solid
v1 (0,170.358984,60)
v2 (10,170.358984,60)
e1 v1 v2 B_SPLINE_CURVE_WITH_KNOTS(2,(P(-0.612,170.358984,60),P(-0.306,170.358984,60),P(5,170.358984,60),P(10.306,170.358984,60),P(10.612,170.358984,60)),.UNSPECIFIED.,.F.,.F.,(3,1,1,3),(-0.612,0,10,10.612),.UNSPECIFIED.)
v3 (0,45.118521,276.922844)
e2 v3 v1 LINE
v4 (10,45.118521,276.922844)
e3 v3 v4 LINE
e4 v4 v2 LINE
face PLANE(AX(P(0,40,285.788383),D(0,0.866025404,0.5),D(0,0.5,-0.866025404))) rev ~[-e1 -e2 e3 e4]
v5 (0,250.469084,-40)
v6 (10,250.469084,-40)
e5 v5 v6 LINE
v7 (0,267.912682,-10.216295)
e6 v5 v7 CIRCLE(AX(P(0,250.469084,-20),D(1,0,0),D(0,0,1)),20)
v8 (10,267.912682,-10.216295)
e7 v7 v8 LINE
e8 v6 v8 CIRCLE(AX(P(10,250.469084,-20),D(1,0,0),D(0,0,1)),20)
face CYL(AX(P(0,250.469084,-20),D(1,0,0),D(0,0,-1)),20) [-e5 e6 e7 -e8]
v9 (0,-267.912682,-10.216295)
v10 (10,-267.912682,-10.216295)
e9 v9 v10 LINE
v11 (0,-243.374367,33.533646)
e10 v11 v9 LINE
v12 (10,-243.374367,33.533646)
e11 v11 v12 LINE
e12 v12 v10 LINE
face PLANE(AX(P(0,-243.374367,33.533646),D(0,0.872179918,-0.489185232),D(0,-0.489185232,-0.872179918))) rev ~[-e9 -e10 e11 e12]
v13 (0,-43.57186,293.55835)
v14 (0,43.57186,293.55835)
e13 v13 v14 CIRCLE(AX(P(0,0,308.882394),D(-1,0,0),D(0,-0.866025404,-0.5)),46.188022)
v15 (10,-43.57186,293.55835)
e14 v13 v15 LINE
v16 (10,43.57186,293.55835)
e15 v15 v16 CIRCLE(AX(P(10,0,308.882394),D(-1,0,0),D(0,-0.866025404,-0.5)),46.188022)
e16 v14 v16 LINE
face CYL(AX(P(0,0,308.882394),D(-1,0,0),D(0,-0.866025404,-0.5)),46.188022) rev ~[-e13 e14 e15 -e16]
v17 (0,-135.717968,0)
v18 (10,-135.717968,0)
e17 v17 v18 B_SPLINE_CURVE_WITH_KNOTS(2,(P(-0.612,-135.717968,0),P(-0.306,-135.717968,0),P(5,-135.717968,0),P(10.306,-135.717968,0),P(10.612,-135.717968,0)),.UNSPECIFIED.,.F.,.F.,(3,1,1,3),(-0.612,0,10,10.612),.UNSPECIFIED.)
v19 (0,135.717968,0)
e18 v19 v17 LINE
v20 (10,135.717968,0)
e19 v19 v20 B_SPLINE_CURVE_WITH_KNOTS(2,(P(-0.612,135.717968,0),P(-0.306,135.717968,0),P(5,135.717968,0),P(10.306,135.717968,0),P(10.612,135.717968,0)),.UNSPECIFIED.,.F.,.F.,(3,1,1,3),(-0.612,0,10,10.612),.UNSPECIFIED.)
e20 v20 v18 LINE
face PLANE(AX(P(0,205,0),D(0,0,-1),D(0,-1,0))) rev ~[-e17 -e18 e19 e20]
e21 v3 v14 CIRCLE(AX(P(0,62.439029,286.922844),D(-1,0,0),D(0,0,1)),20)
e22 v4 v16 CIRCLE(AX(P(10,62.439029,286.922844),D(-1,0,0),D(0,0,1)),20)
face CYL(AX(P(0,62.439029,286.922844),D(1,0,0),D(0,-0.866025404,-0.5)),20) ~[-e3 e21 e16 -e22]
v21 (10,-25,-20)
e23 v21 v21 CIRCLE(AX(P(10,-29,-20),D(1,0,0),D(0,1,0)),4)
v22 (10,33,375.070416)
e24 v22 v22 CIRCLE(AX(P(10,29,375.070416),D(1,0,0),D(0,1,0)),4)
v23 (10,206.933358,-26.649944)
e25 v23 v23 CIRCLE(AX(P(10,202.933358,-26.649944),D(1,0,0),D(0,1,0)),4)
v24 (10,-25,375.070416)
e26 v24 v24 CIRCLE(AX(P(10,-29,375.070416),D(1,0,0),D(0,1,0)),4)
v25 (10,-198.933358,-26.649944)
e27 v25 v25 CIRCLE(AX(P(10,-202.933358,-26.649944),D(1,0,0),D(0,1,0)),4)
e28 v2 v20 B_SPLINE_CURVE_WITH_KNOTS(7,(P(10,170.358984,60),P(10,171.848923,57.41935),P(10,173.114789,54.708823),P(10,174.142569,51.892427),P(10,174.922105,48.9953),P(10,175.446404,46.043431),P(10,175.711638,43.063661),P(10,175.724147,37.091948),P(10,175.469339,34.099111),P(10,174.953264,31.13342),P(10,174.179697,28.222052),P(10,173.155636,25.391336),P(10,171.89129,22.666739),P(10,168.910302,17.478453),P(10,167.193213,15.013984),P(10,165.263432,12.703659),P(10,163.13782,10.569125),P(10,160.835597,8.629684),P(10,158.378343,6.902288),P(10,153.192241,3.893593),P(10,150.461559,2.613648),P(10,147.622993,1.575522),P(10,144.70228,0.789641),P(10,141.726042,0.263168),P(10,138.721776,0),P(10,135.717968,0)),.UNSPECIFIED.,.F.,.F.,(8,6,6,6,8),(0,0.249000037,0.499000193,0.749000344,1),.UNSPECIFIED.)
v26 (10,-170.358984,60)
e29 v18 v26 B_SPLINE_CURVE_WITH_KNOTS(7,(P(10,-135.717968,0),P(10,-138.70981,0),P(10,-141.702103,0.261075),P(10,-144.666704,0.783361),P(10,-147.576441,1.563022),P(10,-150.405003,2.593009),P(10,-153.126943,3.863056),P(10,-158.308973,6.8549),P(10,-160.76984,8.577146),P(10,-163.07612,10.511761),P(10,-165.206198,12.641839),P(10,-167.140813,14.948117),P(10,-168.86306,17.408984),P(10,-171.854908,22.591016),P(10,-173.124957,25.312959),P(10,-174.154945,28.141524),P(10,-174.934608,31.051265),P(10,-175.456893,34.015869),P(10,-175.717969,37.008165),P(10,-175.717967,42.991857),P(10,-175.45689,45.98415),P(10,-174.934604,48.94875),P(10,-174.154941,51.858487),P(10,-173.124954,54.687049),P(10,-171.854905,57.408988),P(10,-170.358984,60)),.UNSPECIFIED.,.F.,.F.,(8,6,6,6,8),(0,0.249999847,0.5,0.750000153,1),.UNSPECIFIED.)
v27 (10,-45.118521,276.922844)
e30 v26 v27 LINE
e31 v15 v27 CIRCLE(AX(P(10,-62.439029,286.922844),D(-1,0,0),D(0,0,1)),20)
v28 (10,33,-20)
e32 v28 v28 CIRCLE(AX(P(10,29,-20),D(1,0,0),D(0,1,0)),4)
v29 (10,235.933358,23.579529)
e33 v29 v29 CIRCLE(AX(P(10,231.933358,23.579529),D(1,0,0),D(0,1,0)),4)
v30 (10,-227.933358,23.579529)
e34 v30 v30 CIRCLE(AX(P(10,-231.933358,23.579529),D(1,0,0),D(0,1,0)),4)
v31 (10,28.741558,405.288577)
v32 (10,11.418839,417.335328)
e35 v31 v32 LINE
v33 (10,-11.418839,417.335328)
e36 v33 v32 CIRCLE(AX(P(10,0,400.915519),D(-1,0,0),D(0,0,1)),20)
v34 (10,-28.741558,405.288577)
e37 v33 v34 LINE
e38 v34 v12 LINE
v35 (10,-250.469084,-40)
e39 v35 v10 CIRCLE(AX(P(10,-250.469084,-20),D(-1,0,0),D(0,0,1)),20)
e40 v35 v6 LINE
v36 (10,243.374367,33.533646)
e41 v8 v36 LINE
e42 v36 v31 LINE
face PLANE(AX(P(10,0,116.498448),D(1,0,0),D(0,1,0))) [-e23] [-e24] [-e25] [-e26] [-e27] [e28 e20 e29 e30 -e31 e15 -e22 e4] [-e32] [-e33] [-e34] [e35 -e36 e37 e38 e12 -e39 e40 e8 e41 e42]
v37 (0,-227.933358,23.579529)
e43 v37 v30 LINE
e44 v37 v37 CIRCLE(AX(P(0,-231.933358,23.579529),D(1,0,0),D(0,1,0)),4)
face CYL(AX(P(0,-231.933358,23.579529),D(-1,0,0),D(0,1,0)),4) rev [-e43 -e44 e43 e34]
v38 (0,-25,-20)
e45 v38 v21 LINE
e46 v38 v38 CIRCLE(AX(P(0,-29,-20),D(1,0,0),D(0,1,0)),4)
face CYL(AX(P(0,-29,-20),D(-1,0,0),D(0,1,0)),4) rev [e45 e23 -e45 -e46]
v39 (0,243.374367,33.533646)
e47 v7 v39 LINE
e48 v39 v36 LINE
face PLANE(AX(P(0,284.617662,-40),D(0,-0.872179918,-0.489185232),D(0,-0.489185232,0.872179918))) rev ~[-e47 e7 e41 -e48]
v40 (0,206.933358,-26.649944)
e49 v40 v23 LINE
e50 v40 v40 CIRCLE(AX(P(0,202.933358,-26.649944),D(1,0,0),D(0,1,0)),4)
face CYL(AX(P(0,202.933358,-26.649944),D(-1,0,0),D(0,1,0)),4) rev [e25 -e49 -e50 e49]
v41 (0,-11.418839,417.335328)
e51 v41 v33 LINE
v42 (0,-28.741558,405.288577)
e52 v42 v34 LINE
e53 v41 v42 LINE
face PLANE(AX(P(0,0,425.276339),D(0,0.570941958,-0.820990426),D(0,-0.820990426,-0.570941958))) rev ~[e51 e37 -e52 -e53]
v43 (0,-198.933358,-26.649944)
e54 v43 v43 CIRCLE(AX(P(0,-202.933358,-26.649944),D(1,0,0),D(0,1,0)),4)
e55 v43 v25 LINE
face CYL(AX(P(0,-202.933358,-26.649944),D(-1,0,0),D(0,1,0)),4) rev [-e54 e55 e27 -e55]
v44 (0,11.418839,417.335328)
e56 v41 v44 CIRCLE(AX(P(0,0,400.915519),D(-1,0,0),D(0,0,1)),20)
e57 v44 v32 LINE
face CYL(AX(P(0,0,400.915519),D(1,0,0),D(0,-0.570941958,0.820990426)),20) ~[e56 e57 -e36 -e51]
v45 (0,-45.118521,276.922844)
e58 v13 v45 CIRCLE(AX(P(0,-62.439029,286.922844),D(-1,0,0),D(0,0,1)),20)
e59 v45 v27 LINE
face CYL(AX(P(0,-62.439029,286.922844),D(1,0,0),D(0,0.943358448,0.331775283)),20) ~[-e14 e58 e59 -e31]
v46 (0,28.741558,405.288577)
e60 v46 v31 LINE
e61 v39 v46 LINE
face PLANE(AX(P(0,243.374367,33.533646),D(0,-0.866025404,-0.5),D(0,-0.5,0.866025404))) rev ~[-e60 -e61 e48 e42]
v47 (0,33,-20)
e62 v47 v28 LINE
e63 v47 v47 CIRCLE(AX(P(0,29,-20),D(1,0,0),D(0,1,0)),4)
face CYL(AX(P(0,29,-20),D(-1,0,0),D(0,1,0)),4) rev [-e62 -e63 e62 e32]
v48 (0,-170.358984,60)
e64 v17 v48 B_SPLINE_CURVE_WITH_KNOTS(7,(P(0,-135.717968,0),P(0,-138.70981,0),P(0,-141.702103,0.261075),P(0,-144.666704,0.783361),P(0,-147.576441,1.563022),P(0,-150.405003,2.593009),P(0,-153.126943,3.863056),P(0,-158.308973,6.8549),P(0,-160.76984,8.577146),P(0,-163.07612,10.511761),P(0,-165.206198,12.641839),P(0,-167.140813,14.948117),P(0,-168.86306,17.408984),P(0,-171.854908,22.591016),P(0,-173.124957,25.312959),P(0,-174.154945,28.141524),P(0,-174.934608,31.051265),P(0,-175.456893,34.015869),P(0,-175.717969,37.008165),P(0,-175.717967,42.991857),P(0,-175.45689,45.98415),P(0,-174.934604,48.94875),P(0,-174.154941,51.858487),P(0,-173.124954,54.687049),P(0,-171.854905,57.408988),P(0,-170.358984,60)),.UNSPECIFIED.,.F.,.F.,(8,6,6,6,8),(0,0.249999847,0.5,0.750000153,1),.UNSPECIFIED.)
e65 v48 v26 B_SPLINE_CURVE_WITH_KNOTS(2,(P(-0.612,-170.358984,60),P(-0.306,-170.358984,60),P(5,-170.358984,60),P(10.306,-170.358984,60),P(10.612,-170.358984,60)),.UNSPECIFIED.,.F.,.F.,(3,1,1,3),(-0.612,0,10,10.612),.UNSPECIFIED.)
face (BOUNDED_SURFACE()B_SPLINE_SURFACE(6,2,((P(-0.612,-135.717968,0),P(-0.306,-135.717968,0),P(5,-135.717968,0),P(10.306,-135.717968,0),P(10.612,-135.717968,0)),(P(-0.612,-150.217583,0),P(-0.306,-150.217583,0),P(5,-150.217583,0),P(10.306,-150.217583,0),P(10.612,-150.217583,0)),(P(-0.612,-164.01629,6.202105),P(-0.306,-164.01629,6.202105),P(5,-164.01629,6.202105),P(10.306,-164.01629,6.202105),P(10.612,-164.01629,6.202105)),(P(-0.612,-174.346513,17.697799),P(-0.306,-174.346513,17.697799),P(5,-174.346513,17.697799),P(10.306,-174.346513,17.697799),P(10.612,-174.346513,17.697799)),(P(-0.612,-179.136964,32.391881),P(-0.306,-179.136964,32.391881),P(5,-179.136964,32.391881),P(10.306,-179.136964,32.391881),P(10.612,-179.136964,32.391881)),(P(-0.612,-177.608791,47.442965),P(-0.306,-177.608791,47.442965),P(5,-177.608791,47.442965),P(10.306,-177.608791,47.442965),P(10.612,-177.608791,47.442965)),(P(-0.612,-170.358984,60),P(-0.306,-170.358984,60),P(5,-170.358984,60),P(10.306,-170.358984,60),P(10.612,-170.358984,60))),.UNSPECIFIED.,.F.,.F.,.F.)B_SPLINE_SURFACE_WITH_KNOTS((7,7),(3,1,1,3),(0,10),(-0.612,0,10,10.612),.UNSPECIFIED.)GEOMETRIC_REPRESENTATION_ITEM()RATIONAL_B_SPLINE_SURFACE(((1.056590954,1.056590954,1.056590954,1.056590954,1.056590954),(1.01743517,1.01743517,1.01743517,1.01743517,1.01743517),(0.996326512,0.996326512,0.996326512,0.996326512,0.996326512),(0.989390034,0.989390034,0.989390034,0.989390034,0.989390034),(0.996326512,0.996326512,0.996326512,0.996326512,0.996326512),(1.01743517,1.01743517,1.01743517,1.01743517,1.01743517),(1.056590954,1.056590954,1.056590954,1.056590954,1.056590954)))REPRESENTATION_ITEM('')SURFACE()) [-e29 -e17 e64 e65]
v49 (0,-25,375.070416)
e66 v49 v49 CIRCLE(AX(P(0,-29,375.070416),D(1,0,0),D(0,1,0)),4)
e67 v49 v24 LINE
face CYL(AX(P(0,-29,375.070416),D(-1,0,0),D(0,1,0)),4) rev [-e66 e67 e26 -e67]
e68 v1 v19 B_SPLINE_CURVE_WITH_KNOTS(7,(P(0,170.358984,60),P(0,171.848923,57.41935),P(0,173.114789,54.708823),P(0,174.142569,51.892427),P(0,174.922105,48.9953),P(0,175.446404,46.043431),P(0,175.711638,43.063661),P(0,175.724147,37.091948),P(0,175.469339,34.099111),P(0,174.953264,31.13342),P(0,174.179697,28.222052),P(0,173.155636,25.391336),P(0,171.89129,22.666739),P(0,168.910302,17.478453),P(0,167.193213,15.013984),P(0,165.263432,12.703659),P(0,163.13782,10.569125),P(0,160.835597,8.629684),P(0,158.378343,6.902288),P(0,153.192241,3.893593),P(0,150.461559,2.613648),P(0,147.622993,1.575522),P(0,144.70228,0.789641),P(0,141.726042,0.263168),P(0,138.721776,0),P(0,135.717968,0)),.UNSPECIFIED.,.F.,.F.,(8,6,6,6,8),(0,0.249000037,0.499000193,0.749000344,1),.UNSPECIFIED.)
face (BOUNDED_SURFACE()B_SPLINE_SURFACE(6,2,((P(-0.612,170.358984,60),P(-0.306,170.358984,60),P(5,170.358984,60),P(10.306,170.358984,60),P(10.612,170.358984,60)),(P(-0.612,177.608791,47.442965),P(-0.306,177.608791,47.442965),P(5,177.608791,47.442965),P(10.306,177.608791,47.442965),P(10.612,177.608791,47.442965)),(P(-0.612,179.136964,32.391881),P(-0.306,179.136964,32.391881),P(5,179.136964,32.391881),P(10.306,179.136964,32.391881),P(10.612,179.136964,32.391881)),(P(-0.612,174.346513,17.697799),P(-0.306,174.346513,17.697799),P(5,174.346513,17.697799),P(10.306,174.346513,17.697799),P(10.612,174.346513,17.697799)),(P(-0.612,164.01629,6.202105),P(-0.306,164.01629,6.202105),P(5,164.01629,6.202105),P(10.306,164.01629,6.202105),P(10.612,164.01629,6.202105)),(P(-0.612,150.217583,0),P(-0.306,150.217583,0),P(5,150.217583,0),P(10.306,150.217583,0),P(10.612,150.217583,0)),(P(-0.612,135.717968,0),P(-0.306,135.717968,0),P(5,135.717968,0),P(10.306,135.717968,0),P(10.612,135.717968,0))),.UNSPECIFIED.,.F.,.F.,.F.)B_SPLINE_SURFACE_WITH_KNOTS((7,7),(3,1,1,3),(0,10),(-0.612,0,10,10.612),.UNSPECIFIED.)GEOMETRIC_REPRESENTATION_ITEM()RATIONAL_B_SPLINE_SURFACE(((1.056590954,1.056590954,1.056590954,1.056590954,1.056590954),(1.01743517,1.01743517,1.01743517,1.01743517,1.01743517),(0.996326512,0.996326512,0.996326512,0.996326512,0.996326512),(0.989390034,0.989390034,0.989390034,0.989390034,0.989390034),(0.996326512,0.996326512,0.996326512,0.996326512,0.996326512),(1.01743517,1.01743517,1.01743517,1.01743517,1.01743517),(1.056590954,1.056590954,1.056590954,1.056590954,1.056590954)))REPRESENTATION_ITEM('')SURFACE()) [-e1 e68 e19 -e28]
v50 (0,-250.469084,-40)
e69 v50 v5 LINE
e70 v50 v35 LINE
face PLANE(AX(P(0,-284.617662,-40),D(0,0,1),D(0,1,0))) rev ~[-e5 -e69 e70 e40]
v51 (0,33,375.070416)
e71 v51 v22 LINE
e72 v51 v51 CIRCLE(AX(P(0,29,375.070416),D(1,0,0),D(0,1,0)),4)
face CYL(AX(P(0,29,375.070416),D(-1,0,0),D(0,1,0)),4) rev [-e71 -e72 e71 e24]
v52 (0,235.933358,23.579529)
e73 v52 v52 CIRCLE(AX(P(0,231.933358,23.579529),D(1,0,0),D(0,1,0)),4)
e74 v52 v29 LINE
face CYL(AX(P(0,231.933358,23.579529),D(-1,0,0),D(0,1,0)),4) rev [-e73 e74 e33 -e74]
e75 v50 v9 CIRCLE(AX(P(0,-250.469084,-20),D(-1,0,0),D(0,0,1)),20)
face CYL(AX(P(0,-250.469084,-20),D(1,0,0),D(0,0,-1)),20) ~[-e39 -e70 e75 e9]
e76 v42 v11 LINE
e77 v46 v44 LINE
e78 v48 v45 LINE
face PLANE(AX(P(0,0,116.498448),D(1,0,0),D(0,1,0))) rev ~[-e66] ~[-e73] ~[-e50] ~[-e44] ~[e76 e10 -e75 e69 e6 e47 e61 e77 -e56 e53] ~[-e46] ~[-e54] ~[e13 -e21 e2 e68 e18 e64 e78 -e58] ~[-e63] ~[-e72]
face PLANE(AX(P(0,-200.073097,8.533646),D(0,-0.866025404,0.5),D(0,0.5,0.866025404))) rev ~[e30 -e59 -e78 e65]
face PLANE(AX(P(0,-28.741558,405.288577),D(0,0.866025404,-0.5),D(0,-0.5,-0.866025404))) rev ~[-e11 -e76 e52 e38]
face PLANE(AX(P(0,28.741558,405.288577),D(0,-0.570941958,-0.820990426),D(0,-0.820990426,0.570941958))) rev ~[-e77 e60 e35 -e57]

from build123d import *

# Parameters (mm, degrees)
F1_R     = 4
F2_DEPTH = 10
F3_R     = 20
F4_R     = 40


with BuildPart() as f2:
    # F1 (on Right) → F2 (new body)
    with BuildSketch(Plane.YZ):
        Polygon((-284.6176624298, -40), (-145, -40), (0, -40), (145, -40), (284.6176624298, -40), (243.3743673133, 33.5336461051), (28.7415579511, 405.2885768915), (0, 425.2763390541), (-28.7415579511, 405.2885768915), (-243.3743673133, 33.5336461051), align=None)
        with Locations((-202.9333580064, -26.6499444856)):
            Circle(F1_R, mode=Mode.SUBTRACT)
        with Locations((-231.9333580064, 23.5795289339)):
            Circle(F1_R, mode=Mode.SUBTRACT)
        with Locations((-29, -20)):
            Circle(F1_R, mode=Mode.SUBTRACT)
        with Locations((29, -20)):
            Circle(F1_R, mode=Mode.SUBTRACT)
        with Locations((202.9333580064, -26.6499444856)):
            Circle(F1_R, mode=Mode.SUBTRACT)
        with Locations((231.9333580064, 23.5795289339)):
            Circle(F1_R, mode=Mode.SUBTRACT)
        with BuildLine():
            Line((205, 0), (0, 0))
            Line((0, 0), (-205, 0))
            Line((-205, 0), (-200.0730971241, 8.5336461051))
            Line((-200.0730971241, 8.5336461051), (-40, 285.7883832489))
            ThreePointArc((-40, 285.7883832489), (-40, 331.976404784), (0, 355.0704155516))
            ThreePointArc((0, 355.0704155516), (40, 331.976404784), (40, 285.7883832489))
            Line((40, 285.7883832489), (200.0730971241, 8.5336461051))
            Line((200.0730971241, 8.5336461051), (205, 0))
        make_face(mode=Mode.SUBTRACT)
        with Locations((-29, 375.0704155516)):
            Circle(F1_R, mode=Mode.SUBTRACT)
        with Locations((29, 375.0704155516)):
            Circle(F1_R, mode=Mode.SUBTRACT)
    extrude(amount=F2_DEPTH)

    # F3
    f3_edges = [f2.edges().sort_by_distance(p)[0] for p in [
        (5, -284.617662, -40),
        (5, 284.617662, -40),
        (5, 0, 425.276339),
        (5, -40, 285.788383),
        (5, 40, 285.788383),
    ]]
    fillet(f3_edges, radius=F3_R)

    # F4
    f4_edges = [f2.edges().sort_by_distance(p)[0] for p in [
        (5, 205, 0),
        (5, -205, 0),
    ]]
    fillet(f4_edges, radius=F4_R)


solid = f2.part
